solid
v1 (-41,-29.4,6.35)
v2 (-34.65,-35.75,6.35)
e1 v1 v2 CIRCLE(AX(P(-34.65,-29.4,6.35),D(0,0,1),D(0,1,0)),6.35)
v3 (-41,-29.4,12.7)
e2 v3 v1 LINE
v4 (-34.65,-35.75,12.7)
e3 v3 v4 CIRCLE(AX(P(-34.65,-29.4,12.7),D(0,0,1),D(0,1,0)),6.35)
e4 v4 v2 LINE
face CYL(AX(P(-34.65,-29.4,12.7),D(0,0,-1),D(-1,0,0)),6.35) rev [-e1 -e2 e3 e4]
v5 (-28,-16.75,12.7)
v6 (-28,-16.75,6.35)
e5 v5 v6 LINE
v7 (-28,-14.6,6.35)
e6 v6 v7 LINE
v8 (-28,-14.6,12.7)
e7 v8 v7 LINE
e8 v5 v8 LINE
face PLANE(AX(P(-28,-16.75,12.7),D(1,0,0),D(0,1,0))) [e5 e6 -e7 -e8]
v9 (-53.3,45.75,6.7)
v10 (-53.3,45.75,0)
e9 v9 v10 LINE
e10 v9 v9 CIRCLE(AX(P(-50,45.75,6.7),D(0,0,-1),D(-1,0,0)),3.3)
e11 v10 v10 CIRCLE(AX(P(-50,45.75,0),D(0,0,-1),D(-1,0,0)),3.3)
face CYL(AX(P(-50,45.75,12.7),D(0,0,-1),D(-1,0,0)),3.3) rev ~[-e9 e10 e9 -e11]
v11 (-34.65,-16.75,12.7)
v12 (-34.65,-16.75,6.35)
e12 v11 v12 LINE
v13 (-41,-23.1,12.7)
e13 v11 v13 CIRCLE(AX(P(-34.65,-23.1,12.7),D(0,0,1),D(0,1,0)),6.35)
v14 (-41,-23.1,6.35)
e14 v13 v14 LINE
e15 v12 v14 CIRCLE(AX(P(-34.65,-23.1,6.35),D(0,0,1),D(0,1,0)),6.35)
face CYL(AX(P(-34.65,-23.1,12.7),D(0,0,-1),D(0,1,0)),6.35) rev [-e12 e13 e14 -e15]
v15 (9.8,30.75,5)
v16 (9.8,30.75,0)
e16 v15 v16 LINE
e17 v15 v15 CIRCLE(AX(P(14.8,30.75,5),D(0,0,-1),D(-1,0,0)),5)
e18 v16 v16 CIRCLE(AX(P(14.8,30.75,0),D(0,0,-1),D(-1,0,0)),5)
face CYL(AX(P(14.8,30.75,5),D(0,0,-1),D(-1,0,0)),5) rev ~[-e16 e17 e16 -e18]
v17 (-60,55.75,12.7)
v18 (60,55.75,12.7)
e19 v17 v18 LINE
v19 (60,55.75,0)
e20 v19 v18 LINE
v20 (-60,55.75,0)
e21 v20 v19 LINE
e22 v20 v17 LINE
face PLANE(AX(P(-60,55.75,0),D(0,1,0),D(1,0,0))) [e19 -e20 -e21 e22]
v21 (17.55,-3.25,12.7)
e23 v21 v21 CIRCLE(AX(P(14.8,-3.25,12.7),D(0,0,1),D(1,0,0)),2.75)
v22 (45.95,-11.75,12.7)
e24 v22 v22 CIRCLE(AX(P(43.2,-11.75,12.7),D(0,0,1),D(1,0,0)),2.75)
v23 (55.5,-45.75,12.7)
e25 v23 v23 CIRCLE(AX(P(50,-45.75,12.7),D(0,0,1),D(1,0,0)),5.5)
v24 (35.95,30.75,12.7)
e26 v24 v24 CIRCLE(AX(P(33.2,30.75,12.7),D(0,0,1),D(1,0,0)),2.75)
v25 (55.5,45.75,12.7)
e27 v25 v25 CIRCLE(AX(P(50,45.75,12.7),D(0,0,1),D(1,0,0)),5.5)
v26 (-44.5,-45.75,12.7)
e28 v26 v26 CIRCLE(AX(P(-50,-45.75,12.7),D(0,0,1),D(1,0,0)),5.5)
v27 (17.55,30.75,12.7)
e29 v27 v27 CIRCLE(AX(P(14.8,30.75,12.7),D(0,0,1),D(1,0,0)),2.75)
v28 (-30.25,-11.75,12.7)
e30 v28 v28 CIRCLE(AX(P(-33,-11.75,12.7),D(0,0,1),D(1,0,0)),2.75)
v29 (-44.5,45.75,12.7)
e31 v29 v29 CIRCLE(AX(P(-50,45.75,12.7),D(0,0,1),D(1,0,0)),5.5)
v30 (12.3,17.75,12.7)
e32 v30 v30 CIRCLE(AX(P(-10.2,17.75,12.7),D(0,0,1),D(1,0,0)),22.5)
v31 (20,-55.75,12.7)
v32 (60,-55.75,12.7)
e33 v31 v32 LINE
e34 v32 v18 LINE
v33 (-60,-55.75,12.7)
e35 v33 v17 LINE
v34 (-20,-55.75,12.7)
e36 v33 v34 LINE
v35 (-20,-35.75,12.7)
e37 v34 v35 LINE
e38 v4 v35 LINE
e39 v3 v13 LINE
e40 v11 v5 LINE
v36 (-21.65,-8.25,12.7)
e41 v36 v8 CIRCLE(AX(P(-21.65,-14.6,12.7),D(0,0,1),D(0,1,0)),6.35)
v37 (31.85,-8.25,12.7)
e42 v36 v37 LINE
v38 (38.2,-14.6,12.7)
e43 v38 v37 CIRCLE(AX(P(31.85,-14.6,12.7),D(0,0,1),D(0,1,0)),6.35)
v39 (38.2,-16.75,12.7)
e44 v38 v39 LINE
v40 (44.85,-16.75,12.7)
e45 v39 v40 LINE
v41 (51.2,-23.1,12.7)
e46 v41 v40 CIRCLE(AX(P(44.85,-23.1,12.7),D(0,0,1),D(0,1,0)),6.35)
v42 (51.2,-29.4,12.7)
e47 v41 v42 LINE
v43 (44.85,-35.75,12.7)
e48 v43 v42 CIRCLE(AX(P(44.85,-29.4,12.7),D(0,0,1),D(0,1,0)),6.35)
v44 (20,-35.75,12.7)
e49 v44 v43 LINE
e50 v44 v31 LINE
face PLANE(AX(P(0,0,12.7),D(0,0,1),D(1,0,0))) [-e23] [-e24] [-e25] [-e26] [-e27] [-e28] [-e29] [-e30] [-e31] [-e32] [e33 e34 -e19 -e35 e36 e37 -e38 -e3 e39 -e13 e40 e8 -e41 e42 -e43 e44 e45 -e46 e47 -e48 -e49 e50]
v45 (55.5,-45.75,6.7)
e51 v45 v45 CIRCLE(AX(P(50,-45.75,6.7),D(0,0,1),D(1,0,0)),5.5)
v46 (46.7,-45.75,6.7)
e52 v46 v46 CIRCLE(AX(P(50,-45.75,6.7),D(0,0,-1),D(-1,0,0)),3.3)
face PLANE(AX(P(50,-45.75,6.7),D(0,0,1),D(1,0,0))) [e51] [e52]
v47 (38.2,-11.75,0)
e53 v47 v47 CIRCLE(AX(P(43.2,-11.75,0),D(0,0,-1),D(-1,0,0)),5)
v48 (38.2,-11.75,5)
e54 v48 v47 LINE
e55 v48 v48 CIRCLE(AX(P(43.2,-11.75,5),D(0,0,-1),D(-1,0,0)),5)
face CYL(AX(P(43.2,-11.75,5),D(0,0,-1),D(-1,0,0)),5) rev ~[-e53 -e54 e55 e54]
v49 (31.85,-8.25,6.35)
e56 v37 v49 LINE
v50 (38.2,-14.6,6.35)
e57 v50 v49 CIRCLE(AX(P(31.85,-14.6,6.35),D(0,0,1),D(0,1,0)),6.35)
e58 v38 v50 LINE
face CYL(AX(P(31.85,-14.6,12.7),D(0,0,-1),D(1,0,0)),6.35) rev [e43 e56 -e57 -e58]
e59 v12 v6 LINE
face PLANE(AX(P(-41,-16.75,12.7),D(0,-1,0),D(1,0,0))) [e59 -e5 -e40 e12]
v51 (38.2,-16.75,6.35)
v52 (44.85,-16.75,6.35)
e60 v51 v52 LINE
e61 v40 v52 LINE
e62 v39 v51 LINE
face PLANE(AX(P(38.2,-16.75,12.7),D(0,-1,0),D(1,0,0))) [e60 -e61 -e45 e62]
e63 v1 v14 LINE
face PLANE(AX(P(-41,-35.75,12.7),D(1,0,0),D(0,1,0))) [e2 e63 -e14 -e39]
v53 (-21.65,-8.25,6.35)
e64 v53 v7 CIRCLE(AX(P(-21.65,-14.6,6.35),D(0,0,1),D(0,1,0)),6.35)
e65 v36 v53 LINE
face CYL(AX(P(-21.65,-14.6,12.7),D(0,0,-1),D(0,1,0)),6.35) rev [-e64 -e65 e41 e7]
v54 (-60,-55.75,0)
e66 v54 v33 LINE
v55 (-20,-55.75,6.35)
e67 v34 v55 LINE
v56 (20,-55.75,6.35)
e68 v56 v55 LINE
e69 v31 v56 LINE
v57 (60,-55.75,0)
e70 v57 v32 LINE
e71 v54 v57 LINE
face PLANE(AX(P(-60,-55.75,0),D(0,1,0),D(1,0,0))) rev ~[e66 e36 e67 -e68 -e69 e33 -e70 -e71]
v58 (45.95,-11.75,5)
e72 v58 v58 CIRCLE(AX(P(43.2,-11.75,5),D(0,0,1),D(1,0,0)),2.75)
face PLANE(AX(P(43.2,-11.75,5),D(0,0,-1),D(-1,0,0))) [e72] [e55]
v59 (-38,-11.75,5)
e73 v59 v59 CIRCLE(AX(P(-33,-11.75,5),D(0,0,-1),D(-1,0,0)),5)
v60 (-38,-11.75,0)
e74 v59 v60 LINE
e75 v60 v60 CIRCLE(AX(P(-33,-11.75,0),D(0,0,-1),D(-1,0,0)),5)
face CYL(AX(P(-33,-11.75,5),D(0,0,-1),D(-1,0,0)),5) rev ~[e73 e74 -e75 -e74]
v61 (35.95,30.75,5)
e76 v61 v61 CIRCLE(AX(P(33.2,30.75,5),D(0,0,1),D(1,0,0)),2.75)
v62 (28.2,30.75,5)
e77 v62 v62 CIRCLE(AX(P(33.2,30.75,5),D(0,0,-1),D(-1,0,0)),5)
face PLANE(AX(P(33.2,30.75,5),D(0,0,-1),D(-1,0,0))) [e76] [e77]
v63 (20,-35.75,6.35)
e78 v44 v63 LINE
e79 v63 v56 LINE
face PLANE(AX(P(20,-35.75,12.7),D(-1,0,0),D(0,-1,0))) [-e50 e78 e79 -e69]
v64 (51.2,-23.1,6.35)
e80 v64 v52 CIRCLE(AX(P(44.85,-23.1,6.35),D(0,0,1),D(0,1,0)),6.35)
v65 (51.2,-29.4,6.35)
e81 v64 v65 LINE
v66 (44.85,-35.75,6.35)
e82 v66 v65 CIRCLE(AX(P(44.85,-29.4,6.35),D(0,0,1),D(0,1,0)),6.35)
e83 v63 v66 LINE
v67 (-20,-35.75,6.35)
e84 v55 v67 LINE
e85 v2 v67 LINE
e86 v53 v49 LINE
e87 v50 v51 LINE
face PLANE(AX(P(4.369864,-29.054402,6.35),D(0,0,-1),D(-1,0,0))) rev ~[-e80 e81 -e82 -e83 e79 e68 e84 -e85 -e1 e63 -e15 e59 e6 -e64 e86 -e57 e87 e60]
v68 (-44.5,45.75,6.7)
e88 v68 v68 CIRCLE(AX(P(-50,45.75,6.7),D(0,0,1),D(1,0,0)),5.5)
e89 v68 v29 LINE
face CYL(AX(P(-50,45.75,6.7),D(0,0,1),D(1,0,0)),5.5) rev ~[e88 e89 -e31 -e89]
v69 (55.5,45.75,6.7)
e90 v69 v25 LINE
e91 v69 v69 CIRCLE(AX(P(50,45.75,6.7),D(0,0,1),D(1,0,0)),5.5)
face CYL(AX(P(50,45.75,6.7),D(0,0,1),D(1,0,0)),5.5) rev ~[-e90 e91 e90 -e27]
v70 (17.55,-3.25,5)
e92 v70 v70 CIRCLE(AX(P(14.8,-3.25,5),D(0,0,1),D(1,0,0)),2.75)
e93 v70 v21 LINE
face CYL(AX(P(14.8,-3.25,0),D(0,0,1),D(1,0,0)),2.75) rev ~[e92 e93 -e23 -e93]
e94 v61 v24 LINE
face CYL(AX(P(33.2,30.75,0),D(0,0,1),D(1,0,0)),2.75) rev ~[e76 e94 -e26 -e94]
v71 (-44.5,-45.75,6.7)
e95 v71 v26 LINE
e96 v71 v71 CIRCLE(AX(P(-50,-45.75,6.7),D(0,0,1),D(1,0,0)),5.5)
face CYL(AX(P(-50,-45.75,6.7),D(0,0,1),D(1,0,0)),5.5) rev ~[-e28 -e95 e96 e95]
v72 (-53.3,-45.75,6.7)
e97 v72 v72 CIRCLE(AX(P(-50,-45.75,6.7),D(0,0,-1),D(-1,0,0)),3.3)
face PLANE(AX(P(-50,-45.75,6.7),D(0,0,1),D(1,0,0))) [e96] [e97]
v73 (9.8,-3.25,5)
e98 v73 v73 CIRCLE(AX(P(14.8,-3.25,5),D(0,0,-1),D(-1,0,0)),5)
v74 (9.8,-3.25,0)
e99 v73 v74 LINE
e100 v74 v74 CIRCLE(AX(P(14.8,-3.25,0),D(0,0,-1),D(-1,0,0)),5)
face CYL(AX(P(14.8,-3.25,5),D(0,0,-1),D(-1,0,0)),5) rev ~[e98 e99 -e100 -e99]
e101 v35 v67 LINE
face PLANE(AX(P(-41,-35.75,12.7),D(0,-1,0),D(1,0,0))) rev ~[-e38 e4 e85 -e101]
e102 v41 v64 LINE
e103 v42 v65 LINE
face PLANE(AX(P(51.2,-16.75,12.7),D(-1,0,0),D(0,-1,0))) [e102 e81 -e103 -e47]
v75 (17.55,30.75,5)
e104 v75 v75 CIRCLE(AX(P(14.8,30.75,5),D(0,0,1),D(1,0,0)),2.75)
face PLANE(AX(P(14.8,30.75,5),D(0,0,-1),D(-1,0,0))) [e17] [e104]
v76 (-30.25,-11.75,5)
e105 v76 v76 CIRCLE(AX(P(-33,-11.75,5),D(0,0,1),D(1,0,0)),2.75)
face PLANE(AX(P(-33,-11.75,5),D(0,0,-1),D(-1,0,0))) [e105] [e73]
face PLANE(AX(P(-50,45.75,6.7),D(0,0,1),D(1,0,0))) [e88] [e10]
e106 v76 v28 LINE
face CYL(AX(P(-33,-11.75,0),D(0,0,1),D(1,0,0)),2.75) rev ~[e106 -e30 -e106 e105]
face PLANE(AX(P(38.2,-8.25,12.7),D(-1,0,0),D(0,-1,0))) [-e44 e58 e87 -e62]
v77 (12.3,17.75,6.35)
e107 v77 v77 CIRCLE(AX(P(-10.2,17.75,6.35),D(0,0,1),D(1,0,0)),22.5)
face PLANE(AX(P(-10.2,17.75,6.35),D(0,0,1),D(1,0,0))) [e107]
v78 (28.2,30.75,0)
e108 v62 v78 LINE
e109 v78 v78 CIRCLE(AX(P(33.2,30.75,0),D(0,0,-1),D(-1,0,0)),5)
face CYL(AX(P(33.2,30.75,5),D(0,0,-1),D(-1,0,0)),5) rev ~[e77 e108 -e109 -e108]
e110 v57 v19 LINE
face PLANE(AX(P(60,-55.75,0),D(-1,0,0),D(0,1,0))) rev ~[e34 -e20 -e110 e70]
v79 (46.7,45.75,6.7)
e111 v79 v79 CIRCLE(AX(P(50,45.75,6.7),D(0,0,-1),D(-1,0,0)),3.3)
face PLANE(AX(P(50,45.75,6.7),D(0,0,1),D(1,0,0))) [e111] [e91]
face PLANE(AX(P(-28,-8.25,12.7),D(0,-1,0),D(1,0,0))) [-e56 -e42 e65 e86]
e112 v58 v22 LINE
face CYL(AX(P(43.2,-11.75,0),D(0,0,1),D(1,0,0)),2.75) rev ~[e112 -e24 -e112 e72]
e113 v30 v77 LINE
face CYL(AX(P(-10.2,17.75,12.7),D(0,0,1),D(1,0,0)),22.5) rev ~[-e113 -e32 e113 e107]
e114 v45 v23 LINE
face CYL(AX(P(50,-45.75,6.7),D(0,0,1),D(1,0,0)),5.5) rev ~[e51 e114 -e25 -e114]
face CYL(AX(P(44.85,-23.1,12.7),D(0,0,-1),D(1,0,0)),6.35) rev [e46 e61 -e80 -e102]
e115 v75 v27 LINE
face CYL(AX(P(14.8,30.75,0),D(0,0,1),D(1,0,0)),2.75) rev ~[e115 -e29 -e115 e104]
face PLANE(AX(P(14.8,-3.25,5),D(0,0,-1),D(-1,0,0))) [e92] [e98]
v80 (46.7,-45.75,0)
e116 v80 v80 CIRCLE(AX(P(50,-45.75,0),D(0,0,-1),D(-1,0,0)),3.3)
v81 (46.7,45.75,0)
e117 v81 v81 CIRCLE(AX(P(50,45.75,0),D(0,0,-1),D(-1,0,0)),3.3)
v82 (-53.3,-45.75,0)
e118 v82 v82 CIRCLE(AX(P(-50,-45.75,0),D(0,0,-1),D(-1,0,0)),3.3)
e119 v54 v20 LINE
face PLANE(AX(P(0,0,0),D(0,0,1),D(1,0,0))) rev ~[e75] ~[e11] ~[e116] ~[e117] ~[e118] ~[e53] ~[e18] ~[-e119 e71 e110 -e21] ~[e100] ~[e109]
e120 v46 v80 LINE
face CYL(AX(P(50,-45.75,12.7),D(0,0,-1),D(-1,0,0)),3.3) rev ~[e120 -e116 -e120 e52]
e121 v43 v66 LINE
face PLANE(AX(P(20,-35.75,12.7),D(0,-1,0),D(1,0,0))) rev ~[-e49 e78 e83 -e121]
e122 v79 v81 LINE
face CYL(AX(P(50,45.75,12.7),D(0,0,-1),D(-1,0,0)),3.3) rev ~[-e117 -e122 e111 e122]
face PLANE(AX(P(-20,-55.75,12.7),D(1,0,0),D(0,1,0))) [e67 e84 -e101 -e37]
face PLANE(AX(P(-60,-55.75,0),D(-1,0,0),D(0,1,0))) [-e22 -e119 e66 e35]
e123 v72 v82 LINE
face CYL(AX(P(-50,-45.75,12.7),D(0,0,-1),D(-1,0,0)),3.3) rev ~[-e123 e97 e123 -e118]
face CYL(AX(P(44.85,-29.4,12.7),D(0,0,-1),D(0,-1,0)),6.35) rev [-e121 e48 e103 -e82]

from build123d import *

# Parameters (mm, degrees)
SKETCH1_W                      = 120
SKETCH1_H                      = 111.5
BOSS_EXTRUDE1_DEPTH            = 12.7
SKETCH2_R                      = 22.5
CUT_EXTRUDE1_DEPTH             = 6.35
FILLET1_R                      = 6.35
CBORE_FOR_M5_SHCS1_D           = 5.5
CBORE_FOR_M5_SHCS1_CBORE_D     = 10
CBORE_FOR_M5_SHCS1_CBORE_DEPTH = 5
CBORE_FOR_M6_SHCS1_D           = 6.6
CBORE_FOR_M6_SHCS1_CBORE_D     = 11
CBORE_FOR_M6_SHCS1_CBORE_DEPTH = 6


with BuildPart() as part:
    # Sketch1 → Boss-Extrude1 (new body)
    with BuildSketch(Plane.XY):
        Rectangle(SKETCH1_W, SKETCH1_H)
    extrude(amount=BOSS_EXTRUDE1_DEPTH)

    # Sketch2 → Cut-Extrude1 (cut)
    with BuildSketch(Plane.XY.offset(12.7)):
        with Locations((-10.2, 17.75)):
            Circle(SKETCH2_R)
        Polygon((38.2, -8.25), (38.2, -16.75), (51.2, -16.75), (51.2, -35.75), (38.2, -35.75), (20, -35.75), (20, -55.75), (-20, -55.75), (-20, -35.75), (-28, -35.75), (-41, -35.75), (-41, -16.75), (-28, -16.75), (-28, -8.25), align=None)
    extrude(amount=-CUT_EXTRUDE1_DEPTH, mode=Mode.SUBTRACT)

    # Fillet1
    fillet1_edges = [part.edges().sort_by_distance(p)[0] for p in [
        (-28, -8.25, 9.525),
        (38.2, -8.25, 9.525),
        (51.2, -16.75, 9.525),
        (51.2, -35.75, 9.525),
        (-41, -35.75, 9.525),
        (-41, -16.75, 9.525),
    ]]
    fillet(fillet1_edges, radius=FILLET1_R)

    # CBORE for M5 SHCS1 (through all)
    with Locations(Plane(origin=(0, 0, 0), x_dir=(-1, 0, 0), z_dir=(0, 0, -1))):
        with Locations((-33.2, 30.75), (-14.8, 30.75), (-14.8, -3.25), (-43.2, -11.75), (33, -11.75)):
            CounterBoreHole(CBORE_FOR_M5_SHCS1_D / 2, CBORE_FOR_M5_SHCS1_CBORE_D / 2, CBORE_FOR_M5_SHCS1_CBORE_DEPTH)

    # CBORE for M6 SHCS1 (through all)
    with Locations(Plane.XY.offset(12.7)):
        with Locations((-50, 45.75), (50, 45.75), (50, -45.75), (-50, -45.75)):
            CounterBoreHole(CBORE_FOR_M6_SHCS1_D / 2, CBORE_FOR_M6_SHCS1_CBORE_D / 2, CBORE_FOR_M6_SHCS1_CBORE_DEPTH)


solid = part.part
